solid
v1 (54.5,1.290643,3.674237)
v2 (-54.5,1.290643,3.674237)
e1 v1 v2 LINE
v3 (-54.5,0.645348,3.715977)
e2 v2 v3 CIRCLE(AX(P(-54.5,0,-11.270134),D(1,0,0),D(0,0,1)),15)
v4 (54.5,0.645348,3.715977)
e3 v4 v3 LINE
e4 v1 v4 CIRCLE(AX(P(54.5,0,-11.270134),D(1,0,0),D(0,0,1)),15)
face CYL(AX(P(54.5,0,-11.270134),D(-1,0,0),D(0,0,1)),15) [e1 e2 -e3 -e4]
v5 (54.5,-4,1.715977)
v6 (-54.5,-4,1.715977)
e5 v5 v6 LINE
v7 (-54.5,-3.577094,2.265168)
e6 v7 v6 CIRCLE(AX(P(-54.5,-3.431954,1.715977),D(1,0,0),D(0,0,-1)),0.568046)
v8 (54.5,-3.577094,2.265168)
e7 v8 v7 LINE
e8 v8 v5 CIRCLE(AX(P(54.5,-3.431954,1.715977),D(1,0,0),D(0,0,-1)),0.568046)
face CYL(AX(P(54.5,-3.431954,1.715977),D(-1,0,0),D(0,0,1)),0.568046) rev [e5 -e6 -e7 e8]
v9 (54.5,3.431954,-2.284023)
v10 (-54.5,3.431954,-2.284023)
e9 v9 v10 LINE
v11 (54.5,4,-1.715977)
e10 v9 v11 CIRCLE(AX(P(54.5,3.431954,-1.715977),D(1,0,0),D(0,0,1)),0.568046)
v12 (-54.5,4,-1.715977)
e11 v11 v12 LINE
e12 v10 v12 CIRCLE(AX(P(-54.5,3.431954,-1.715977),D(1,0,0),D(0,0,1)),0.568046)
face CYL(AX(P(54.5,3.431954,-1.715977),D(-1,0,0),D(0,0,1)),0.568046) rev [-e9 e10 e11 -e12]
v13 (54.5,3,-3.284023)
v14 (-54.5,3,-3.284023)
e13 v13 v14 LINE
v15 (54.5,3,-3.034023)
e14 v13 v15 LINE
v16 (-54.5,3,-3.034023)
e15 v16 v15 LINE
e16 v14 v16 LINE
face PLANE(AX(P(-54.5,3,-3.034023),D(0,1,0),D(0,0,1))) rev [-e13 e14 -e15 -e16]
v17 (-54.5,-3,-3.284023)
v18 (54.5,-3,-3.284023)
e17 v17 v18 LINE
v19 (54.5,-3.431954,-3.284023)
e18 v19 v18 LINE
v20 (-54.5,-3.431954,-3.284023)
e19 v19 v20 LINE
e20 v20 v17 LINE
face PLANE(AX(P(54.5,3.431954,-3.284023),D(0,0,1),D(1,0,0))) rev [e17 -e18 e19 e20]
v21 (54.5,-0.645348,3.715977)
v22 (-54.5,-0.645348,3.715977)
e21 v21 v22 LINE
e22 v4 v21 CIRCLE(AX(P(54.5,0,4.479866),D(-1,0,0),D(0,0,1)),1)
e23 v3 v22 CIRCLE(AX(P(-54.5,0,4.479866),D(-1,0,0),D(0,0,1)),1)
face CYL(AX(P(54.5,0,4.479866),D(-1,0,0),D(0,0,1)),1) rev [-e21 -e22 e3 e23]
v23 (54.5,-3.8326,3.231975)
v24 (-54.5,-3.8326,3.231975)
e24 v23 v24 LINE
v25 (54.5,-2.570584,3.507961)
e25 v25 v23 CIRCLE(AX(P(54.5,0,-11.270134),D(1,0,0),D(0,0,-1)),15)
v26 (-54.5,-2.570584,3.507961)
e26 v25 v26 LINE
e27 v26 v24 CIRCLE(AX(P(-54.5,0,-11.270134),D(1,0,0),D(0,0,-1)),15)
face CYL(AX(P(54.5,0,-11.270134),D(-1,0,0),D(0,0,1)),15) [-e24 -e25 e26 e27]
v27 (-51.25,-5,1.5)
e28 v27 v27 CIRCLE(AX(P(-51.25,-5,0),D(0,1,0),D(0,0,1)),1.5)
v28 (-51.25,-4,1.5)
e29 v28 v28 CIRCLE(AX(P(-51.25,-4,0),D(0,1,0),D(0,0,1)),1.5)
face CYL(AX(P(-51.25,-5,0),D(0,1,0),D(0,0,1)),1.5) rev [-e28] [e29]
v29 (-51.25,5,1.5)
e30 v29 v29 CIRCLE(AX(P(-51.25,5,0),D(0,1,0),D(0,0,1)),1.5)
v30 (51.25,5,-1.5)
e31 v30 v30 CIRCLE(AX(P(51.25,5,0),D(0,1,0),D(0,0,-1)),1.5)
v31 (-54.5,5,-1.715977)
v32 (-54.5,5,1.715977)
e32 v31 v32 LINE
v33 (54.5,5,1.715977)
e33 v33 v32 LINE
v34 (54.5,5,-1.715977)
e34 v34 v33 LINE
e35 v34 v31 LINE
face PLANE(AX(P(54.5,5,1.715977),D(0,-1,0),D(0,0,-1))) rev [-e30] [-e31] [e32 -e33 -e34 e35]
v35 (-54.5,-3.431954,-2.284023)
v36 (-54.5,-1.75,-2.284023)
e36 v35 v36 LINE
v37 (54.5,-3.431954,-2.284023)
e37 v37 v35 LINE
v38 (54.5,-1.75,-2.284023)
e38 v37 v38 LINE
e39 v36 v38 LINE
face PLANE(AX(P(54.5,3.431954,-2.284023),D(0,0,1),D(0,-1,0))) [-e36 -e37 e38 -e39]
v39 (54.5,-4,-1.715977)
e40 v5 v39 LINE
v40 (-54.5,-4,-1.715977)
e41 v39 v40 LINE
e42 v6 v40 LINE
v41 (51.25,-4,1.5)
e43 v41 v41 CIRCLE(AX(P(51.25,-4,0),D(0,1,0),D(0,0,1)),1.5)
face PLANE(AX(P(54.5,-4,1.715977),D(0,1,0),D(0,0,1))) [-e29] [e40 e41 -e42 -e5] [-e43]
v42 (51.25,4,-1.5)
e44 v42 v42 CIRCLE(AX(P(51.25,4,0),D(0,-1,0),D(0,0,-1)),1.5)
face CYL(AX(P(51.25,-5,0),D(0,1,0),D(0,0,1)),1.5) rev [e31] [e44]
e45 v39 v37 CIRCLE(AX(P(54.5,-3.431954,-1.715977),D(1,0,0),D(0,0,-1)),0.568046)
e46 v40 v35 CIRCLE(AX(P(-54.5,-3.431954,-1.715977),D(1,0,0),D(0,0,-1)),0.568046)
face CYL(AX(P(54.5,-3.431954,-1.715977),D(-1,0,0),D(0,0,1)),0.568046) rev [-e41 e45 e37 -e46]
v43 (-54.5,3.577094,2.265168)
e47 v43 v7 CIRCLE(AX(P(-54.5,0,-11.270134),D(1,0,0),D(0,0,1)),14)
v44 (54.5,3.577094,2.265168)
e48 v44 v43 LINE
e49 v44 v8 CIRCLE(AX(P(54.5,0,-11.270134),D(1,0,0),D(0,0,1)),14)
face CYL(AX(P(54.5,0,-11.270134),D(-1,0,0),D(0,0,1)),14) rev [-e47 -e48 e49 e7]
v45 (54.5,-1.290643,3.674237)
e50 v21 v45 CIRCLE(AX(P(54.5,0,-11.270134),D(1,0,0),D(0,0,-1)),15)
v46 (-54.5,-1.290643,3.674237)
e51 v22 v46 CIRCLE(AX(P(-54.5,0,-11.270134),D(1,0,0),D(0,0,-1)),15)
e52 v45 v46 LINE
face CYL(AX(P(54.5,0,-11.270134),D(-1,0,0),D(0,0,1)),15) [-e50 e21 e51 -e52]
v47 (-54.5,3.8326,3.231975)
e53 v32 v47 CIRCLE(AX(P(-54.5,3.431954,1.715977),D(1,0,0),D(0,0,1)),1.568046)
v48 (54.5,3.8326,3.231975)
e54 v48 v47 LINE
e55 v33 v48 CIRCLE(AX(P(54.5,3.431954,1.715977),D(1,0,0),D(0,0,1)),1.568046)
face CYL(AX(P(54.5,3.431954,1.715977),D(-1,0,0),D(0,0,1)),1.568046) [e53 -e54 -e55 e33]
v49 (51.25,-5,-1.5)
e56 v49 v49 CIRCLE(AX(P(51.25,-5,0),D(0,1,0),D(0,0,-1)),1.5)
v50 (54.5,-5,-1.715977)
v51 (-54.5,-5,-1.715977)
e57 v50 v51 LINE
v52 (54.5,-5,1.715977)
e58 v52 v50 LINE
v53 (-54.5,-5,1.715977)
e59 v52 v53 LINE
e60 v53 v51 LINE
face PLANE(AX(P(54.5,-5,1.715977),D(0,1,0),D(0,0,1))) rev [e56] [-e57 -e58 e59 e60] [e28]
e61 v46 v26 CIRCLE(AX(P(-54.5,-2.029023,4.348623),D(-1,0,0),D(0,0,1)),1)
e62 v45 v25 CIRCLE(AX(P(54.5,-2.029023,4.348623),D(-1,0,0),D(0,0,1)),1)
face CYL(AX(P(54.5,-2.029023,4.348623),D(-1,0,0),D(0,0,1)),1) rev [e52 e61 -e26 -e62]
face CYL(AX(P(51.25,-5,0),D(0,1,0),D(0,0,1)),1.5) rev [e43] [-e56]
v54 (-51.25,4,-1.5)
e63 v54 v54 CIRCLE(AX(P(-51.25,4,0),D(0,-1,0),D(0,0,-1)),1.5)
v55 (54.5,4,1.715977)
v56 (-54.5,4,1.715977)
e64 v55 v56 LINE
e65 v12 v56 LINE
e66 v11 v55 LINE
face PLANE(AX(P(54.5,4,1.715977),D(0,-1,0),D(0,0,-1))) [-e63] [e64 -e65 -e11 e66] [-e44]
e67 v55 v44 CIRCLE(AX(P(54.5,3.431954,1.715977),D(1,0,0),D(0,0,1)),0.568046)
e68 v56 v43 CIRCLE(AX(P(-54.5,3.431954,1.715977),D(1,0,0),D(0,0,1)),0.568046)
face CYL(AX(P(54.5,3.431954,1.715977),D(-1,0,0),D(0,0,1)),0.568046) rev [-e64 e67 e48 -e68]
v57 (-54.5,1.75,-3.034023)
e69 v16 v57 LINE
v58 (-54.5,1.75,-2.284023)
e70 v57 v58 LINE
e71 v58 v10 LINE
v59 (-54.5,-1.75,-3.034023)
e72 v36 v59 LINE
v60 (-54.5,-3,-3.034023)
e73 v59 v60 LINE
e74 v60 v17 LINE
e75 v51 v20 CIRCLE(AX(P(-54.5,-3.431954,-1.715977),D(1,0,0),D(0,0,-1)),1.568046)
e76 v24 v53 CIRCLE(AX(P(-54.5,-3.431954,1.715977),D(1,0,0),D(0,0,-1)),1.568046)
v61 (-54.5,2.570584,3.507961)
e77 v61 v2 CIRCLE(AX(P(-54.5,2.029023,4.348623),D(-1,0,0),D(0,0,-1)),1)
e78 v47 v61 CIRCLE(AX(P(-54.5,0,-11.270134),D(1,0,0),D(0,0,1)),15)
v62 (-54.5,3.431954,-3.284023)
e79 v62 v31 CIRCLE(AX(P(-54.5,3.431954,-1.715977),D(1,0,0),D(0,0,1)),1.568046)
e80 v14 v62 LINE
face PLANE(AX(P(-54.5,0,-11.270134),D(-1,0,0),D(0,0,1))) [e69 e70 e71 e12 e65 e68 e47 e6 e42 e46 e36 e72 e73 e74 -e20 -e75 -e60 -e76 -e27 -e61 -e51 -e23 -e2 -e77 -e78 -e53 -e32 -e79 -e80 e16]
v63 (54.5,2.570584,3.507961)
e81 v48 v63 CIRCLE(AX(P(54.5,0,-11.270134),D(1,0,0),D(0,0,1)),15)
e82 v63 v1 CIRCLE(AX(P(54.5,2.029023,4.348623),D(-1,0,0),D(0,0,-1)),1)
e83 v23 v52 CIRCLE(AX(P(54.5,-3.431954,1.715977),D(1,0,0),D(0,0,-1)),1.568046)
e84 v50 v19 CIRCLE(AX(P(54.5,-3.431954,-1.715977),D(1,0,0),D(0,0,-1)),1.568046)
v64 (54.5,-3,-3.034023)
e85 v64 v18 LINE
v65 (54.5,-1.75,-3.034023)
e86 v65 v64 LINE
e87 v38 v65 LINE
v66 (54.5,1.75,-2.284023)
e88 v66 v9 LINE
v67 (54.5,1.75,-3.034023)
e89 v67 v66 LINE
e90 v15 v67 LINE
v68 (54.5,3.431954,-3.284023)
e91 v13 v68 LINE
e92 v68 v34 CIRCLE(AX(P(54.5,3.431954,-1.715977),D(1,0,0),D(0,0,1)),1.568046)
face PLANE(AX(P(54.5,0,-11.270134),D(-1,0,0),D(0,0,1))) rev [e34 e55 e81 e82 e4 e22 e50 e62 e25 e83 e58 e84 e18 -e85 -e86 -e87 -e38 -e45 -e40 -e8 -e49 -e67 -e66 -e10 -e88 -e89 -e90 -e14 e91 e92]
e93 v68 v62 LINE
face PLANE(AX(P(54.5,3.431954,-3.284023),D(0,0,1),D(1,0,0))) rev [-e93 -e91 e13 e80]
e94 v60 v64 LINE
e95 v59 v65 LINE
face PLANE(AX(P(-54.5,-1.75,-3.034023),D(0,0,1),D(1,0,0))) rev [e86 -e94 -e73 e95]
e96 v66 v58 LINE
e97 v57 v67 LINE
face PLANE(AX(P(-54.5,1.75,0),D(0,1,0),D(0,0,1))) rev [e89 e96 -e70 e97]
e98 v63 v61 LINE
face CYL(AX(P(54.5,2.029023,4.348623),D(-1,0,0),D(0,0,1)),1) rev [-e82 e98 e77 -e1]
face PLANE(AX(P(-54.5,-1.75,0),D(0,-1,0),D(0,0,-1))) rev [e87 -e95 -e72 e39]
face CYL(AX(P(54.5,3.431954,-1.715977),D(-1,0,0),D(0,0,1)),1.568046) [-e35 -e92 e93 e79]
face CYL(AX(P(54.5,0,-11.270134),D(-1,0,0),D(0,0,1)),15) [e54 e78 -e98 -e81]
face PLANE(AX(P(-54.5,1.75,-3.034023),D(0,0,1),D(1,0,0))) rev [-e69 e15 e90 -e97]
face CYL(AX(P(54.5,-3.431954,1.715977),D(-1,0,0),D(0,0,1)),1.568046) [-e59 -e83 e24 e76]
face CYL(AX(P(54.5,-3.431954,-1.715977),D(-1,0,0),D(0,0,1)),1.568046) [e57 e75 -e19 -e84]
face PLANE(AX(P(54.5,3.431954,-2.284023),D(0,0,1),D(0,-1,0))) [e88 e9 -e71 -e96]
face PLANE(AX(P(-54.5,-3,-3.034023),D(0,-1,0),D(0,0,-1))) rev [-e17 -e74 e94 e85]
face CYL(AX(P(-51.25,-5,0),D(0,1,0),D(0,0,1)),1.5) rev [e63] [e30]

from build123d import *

# Parameters (mm, degrees)
EXTRUDE1_DEPTH          = 54.5
CUT_EXTRUDE1_DEPTH      = 55.854885702
CUT_EXTRUDE1_DEPTH_BACK = 55.854885702
SKETCH2_R               = 1.5
CUT_EXTRUDE2_DEPTH      = 55.854885702
CUT_EXTRUDE2_DEPTH_BACK = 55.854885702


with BuildPart() as part:
    # Sketch1 → Extrude1 (new, symmetric)
    with BuildSketch(Plane(origin=(0, 0, 0), x_dir=(0, 0, -1), z_dir=(1, 0, 0))):
        with BuildLine():
            Line((-1.715977045, 5), (1.715977045, 5))
            ThreePointArc((1.715977045, 5), (2.824752941, 4.540729986), (3.284022955, 3.43195409))
            Line((3.284022955, 3.43195409), (3.284022955, -3.43195409))
            ThreePointArc((3.284022955, -3.43195409), (2.824752941, -4.540729986), (1.715977045, -5))
            Line((1.715977045, -5), (-1.715977045, -5))
            ThreePointArc((-1.715977045, -5), (-2.672673527, -4.674330771), (-3.23197526, -3.832600305))
            ThreePointArc((-3.23197526, -3.832600305), (-3.383560587, -3.204564402), (-3.507961213, -2.570583572))
            ThreePointArc((-3.507961213, -2.570583572), (-3.356955711, -1.900195953), (-3.674237451, -1.290643232))
            ThreePointArc((-3.674237451, -1.290643232), (-3.698584955, -0.968220458), (-3.715977045, -0.645347786))
            ThreePointArc((-3.715977045, -0.645347786), (-3.479865934, 0), (-3.715977045, 0.645347786))
            ThreePointArc((-3.715977045, 0.645347786), (-3.698584955, 0.968220458), (-3.674237451, 1.290643232))
            ThreePointArc((-3.674237451, 1.290643232), (-3.356955711, 1.900195953), (-3.507961213, 2.570583572))
            ThreePointArc((-3.507961213, 2.570583572), (-3.383560587, 3.204564402), (-3.23197526, 3.832600305))
            ThreePointArc((-3.23197526, 3.832600305), (-2.672673527, 4.674330771), (-1.715977045, 5))
        make_face()
        with BuildLine():
            Line((-1.715977045, 4), (1.715977045, 4))
            ThreePointArc((1.715977045, 4), (2.11764616, 3.833623205), (2.284022955, 3.43195409))
            Line((2.284022955, 3.43195409), (2.284022955, -3.43195409))
            ThreePointArc((2.284022955, -3.43195409), (2.11764616, -3.833623205), (1.715977045, -4))
            Line((1.715977045, -4), (-1.715977045, -4))
            ThreePointArc((-1.715977045, -4), (-2.062553328, -3.882021902), (-2.265167971, -3.577093618))
            ThreePointArc((-2.265167971, -3.577093618), (-2.729865934, 0), (-2.265167971, 3.577093618))
            ThreePointArc((-2.265167971, 3.577093618), (-2.062553328, 3.882021902), (-1.715977045, 4))
        make_face(mode=Mode.SUBTRACT)
    extrude(amount=EXTRUDE1_DEPTH, both=True)

    # Sketch2 → Cut-Extrude1 (cut, two sides: drawn at the far end of the back side and taken through both)
    with BuildSketch(Plane(origin=(0, 0, 0), x_dir=(1, 0, 0), z_dir=(0, 1, 0)).offset(-CUT_EXTRUDE1_DEPTH_BACK)):
        with Locations(Location((-51.25, 0, 0), (0, 0, 270))):
            Circle(SKETCH2_R)
        with Locations(Location((51.25, 0, 0), (0, 0, 90))):
            Circle(SKETCH2_R)
    extrude(amount=CUT_EXTRUDE1_DEPTH + CUT_EXTRUDE1_DEPTH_BACK, mode=Mode.SUBTRACT)

    # Sketch3 → Cut-Extrude2 (cut, two sides: drawn at the far end of the back side and taken through both)
    with BuildSketch(Plane(origin=(0, 0, 0), x_dir=(0, 0, -1), z_dir=(1, 0, 0)).offset(-CUT_EXTRUDE2_DEPTH_BACK)):
        Polygon((0, -1.75), (0, 1.75), (3.034022955, 1.75), (3.034022955, 3), (4.284022955, 3), (4.284022955, -3), (3.034022955, -3), (3.034022955, -1.75), align=None)
    extrude(amount=CUT_EXTRUDE2_DEPTH + CUT_EXTRUDE2_DEPTH_BACK, mode=Mode.SUBTRACT)


solid = part.part
